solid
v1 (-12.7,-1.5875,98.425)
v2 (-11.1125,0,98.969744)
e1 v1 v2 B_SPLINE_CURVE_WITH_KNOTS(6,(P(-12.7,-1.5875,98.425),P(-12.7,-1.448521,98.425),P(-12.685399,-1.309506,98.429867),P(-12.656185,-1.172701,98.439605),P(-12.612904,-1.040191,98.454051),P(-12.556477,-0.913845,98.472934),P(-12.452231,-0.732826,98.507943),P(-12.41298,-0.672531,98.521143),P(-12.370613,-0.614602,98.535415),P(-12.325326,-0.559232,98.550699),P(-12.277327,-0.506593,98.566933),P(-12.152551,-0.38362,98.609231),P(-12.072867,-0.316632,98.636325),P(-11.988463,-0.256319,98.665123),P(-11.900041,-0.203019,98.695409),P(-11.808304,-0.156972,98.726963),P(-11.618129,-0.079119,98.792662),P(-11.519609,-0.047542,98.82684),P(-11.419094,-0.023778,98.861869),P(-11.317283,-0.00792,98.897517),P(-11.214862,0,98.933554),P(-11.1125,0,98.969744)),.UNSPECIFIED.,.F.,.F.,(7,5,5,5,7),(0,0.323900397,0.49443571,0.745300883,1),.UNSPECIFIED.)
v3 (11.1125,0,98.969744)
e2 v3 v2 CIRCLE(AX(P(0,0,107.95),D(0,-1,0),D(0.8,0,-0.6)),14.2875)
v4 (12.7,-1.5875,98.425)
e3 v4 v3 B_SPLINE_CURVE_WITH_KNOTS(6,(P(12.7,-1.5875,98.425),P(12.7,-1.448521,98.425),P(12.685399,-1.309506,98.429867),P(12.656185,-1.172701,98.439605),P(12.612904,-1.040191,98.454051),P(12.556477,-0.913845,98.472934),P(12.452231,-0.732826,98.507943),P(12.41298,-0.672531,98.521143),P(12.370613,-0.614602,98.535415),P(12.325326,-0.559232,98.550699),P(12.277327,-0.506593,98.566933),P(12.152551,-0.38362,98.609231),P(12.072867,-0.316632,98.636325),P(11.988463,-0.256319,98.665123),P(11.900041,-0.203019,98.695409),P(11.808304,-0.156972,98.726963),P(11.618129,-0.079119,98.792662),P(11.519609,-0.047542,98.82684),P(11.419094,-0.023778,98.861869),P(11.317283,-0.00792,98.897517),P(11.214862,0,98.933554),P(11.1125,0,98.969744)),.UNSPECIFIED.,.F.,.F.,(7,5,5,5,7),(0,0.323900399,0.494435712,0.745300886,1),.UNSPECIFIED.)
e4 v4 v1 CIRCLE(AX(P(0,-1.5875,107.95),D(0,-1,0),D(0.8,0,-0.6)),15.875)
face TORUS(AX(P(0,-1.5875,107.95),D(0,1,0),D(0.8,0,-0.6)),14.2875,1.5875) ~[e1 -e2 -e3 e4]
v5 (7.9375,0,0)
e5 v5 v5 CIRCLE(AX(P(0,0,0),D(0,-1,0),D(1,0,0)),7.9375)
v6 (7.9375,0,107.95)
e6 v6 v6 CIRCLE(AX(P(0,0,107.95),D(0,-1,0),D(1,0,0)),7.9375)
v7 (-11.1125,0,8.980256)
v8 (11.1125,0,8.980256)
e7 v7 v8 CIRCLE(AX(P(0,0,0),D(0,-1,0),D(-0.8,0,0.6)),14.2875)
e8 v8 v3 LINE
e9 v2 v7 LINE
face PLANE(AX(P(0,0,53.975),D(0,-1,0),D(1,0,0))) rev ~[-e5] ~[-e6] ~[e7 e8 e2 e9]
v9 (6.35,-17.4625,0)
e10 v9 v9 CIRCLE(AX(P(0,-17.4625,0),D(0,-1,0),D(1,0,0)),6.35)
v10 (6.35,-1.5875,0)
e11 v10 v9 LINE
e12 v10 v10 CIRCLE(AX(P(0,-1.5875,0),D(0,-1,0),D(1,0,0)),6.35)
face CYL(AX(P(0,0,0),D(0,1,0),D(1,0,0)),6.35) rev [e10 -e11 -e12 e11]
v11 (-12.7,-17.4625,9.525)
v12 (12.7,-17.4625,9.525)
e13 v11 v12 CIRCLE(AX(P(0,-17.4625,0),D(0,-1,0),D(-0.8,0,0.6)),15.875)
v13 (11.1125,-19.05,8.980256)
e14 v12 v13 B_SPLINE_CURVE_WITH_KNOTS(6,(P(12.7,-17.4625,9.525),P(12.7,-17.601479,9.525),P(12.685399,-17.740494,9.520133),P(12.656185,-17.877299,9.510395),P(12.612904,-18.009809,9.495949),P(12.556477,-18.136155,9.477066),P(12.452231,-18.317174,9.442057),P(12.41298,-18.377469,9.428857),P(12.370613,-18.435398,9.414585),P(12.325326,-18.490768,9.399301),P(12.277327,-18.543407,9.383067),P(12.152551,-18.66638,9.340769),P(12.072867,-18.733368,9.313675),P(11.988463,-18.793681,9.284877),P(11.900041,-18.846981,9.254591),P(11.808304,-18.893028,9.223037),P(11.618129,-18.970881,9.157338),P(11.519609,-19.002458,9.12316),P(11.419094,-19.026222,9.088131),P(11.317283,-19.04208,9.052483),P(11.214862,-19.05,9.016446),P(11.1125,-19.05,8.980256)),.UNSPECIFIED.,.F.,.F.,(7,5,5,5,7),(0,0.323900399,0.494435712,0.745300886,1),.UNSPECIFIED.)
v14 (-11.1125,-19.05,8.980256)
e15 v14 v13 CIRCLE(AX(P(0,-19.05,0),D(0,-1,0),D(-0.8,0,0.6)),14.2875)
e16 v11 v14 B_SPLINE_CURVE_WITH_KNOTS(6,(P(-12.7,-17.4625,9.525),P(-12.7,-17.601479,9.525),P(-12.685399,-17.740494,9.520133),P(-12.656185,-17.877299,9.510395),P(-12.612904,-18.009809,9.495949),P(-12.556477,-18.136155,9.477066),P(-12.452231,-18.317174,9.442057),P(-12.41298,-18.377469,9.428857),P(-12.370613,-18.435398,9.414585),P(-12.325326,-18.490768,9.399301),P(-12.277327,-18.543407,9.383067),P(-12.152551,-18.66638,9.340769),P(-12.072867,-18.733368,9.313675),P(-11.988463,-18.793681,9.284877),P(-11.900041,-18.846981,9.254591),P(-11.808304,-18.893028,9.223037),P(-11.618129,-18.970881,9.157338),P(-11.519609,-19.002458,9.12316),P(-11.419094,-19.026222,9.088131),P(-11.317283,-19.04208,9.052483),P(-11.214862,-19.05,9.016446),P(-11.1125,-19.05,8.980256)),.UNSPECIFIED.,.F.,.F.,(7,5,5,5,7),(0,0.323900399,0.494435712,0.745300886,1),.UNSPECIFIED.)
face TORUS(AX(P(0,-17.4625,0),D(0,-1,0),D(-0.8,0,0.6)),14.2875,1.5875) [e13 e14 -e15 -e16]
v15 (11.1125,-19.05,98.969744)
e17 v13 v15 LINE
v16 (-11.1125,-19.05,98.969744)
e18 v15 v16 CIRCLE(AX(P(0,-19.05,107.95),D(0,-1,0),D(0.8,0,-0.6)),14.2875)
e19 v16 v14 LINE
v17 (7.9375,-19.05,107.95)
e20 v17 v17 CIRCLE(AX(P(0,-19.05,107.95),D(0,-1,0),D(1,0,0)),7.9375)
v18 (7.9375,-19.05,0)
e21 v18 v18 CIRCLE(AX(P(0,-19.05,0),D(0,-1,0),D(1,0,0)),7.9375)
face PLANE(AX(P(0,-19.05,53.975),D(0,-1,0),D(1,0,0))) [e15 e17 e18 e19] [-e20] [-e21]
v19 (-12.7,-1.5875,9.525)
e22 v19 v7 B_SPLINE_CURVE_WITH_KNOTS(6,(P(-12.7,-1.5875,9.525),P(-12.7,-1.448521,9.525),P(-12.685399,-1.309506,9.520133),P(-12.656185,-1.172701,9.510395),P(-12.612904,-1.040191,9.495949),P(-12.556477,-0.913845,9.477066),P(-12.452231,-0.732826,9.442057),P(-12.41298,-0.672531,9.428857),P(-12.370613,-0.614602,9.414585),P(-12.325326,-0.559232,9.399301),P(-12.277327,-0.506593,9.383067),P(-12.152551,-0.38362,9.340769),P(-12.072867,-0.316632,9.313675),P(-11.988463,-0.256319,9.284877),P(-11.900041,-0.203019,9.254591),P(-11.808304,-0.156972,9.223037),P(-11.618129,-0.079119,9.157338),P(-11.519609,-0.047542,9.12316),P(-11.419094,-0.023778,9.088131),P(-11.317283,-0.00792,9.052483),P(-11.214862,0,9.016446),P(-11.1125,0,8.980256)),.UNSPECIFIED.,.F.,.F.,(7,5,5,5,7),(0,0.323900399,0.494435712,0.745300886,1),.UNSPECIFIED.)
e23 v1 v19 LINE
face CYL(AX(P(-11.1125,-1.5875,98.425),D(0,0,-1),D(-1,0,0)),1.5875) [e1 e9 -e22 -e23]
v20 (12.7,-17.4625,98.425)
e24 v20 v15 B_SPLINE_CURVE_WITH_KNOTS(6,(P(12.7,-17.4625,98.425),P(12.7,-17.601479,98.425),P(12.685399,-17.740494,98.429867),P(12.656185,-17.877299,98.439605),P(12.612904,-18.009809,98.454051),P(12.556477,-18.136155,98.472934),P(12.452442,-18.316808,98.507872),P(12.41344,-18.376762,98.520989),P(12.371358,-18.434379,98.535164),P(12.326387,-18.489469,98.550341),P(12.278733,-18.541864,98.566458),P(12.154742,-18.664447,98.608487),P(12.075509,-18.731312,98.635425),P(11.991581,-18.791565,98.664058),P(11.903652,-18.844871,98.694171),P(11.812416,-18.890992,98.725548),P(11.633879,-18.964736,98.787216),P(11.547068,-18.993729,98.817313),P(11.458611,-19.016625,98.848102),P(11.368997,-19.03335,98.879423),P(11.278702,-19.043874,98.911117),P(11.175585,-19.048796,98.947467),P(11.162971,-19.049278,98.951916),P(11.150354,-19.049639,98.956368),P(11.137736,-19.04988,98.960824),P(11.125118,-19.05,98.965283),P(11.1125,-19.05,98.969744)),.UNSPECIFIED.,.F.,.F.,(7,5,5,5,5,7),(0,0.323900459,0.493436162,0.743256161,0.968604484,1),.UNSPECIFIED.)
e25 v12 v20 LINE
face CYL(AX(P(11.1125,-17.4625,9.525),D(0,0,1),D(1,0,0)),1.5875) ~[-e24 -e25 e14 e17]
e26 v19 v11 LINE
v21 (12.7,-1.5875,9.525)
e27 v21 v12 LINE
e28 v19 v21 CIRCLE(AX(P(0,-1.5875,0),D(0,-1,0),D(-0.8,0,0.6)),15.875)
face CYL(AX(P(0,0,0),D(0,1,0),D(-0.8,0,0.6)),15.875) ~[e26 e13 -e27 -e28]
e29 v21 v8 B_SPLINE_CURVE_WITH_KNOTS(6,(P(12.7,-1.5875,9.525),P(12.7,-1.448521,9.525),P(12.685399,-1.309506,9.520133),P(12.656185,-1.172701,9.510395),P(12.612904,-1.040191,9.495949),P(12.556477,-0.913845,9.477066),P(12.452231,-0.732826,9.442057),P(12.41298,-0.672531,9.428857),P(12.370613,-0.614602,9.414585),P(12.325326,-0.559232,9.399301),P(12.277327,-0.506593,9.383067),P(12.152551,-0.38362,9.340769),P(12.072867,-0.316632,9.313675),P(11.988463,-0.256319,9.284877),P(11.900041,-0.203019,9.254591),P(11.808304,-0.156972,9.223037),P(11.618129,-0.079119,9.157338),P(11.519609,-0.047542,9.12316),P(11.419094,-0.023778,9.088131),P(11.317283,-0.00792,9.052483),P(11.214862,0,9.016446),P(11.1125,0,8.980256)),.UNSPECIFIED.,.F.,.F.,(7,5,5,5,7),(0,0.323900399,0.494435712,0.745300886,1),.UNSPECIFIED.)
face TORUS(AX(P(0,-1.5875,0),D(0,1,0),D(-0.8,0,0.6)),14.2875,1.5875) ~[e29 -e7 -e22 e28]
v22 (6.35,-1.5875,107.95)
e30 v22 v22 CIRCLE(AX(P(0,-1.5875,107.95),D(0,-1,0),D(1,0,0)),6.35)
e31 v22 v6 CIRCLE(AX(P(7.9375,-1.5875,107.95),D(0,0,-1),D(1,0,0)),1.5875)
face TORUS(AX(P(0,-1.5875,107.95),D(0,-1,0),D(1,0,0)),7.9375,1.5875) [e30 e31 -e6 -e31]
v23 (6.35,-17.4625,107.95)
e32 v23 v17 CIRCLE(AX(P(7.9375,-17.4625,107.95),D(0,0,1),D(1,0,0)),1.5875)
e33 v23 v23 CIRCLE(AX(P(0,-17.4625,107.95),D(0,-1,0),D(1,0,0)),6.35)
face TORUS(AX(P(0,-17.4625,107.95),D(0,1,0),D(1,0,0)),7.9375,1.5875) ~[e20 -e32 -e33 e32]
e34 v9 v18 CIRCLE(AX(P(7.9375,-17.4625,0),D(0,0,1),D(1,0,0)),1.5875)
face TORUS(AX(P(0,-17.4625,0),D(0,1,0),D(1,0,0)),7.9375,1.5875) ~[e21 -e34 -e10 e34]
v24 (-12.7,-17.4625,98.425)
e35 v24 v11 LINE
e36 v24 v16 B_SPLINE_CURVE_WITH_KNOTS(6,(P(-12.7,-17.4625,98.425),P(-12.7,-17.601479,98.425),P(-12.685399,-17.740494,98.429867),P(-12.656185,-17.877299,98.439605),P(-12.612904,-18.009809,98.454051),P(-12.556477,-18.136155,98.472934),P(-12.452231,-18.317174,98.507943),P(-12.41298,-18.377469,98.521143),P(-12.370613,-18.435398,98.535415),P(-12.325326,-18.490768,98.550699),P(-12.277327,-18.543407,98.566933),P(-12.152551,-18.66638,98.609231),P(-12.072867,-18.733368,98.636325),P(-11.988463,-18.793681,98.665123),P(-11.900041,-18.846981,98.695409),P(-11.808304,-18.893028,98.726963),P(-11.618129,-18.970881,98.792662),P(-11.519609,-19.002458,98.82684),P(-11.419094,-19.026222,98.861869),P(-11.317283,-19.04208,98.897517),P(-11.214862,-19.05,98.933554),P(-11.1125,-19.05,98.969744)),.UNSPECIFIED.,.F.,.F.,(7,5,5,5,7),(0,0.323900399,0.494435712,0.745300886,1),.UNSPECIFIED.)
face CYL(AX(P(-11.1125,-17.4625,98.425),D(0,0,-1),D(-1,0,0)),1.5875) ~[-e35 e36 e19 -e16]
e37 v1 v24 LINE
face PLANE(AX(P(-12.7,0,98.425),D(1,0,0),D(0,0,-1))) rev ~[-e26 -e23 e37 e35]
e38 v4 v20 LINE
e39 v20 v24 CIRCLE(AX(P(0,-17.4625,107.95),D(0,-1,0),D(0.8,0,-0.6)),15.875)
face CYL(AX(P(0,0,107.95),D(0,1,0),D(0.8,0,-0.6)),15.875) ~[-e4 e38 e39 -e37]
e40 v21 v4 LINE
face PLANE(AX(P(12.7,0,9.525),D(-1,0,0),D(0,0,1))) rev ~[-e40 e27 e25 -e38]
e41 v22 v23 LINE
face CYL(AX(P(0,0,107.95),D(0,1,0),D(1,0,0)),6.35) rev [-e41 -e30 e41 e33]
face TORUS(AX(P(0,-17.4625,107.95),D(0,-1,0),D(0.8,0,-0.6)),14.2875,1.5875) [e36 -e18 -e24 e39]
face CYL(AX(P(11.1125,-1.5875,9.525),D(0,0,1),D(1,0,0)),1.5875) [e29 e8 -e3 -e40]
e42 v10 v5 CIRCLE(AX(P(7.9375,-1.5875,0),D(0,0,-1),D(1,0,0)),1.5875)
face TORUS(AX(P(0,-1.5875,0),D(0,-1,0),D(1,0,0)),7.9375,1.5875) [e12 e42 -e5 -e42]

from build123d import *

# Parameters (mm, degrees)
F0_R     = 6.35
F1_DEPTH = 19.05
F2_R     = 1.5875


with BuildPart() as f1:
    # F0 (on Front) → F1 (new body)
    with BuildSketch(Plane.XZ):
        with BuildLine():
            Line((-12.7, 98.425), (-12.7, 9.525))
            ThreePointArc((-12.7, 9.525), (0, -15.875), (12.7, 9.525))
            Line((12.7, 9.525), (12.7, 98.425))
            ThreePointArc((12.7, 98.425), (0, 123.825), (-12.7, 98.425))
        make_face()
        Circle(F0_R, mode=Mode.SUBTRACT)
        with Locations((0, 107.95)):
            Circle(F0_R, mode=Mode.SUBTRACT)
    extrude(amount=F1_DEPTH)

    # F2
    f2_edges = [f1.edges().sort_by_distance(p)[0] for p in [
        (12.7, -19.05, 53.975),
        (0, -19.05, 123.825),
        (-12.7, -19.05, 53.975),
        (0, -19.05, -15.875),
        (-6.35, -19.05, 0),
        (-6.35, -19.05, 107.95),
        (12.7, 0, 53.975),
        (0, 0, 123.825),
        (-12.7, 0, 53.975),
        (0, 0, -15.875),
        (-6.35, 0, 0),
        (-6.35, 0, 107.95),
    ]]
    fillet(f2_edges, radius=F2_R)


solid = f1.part
